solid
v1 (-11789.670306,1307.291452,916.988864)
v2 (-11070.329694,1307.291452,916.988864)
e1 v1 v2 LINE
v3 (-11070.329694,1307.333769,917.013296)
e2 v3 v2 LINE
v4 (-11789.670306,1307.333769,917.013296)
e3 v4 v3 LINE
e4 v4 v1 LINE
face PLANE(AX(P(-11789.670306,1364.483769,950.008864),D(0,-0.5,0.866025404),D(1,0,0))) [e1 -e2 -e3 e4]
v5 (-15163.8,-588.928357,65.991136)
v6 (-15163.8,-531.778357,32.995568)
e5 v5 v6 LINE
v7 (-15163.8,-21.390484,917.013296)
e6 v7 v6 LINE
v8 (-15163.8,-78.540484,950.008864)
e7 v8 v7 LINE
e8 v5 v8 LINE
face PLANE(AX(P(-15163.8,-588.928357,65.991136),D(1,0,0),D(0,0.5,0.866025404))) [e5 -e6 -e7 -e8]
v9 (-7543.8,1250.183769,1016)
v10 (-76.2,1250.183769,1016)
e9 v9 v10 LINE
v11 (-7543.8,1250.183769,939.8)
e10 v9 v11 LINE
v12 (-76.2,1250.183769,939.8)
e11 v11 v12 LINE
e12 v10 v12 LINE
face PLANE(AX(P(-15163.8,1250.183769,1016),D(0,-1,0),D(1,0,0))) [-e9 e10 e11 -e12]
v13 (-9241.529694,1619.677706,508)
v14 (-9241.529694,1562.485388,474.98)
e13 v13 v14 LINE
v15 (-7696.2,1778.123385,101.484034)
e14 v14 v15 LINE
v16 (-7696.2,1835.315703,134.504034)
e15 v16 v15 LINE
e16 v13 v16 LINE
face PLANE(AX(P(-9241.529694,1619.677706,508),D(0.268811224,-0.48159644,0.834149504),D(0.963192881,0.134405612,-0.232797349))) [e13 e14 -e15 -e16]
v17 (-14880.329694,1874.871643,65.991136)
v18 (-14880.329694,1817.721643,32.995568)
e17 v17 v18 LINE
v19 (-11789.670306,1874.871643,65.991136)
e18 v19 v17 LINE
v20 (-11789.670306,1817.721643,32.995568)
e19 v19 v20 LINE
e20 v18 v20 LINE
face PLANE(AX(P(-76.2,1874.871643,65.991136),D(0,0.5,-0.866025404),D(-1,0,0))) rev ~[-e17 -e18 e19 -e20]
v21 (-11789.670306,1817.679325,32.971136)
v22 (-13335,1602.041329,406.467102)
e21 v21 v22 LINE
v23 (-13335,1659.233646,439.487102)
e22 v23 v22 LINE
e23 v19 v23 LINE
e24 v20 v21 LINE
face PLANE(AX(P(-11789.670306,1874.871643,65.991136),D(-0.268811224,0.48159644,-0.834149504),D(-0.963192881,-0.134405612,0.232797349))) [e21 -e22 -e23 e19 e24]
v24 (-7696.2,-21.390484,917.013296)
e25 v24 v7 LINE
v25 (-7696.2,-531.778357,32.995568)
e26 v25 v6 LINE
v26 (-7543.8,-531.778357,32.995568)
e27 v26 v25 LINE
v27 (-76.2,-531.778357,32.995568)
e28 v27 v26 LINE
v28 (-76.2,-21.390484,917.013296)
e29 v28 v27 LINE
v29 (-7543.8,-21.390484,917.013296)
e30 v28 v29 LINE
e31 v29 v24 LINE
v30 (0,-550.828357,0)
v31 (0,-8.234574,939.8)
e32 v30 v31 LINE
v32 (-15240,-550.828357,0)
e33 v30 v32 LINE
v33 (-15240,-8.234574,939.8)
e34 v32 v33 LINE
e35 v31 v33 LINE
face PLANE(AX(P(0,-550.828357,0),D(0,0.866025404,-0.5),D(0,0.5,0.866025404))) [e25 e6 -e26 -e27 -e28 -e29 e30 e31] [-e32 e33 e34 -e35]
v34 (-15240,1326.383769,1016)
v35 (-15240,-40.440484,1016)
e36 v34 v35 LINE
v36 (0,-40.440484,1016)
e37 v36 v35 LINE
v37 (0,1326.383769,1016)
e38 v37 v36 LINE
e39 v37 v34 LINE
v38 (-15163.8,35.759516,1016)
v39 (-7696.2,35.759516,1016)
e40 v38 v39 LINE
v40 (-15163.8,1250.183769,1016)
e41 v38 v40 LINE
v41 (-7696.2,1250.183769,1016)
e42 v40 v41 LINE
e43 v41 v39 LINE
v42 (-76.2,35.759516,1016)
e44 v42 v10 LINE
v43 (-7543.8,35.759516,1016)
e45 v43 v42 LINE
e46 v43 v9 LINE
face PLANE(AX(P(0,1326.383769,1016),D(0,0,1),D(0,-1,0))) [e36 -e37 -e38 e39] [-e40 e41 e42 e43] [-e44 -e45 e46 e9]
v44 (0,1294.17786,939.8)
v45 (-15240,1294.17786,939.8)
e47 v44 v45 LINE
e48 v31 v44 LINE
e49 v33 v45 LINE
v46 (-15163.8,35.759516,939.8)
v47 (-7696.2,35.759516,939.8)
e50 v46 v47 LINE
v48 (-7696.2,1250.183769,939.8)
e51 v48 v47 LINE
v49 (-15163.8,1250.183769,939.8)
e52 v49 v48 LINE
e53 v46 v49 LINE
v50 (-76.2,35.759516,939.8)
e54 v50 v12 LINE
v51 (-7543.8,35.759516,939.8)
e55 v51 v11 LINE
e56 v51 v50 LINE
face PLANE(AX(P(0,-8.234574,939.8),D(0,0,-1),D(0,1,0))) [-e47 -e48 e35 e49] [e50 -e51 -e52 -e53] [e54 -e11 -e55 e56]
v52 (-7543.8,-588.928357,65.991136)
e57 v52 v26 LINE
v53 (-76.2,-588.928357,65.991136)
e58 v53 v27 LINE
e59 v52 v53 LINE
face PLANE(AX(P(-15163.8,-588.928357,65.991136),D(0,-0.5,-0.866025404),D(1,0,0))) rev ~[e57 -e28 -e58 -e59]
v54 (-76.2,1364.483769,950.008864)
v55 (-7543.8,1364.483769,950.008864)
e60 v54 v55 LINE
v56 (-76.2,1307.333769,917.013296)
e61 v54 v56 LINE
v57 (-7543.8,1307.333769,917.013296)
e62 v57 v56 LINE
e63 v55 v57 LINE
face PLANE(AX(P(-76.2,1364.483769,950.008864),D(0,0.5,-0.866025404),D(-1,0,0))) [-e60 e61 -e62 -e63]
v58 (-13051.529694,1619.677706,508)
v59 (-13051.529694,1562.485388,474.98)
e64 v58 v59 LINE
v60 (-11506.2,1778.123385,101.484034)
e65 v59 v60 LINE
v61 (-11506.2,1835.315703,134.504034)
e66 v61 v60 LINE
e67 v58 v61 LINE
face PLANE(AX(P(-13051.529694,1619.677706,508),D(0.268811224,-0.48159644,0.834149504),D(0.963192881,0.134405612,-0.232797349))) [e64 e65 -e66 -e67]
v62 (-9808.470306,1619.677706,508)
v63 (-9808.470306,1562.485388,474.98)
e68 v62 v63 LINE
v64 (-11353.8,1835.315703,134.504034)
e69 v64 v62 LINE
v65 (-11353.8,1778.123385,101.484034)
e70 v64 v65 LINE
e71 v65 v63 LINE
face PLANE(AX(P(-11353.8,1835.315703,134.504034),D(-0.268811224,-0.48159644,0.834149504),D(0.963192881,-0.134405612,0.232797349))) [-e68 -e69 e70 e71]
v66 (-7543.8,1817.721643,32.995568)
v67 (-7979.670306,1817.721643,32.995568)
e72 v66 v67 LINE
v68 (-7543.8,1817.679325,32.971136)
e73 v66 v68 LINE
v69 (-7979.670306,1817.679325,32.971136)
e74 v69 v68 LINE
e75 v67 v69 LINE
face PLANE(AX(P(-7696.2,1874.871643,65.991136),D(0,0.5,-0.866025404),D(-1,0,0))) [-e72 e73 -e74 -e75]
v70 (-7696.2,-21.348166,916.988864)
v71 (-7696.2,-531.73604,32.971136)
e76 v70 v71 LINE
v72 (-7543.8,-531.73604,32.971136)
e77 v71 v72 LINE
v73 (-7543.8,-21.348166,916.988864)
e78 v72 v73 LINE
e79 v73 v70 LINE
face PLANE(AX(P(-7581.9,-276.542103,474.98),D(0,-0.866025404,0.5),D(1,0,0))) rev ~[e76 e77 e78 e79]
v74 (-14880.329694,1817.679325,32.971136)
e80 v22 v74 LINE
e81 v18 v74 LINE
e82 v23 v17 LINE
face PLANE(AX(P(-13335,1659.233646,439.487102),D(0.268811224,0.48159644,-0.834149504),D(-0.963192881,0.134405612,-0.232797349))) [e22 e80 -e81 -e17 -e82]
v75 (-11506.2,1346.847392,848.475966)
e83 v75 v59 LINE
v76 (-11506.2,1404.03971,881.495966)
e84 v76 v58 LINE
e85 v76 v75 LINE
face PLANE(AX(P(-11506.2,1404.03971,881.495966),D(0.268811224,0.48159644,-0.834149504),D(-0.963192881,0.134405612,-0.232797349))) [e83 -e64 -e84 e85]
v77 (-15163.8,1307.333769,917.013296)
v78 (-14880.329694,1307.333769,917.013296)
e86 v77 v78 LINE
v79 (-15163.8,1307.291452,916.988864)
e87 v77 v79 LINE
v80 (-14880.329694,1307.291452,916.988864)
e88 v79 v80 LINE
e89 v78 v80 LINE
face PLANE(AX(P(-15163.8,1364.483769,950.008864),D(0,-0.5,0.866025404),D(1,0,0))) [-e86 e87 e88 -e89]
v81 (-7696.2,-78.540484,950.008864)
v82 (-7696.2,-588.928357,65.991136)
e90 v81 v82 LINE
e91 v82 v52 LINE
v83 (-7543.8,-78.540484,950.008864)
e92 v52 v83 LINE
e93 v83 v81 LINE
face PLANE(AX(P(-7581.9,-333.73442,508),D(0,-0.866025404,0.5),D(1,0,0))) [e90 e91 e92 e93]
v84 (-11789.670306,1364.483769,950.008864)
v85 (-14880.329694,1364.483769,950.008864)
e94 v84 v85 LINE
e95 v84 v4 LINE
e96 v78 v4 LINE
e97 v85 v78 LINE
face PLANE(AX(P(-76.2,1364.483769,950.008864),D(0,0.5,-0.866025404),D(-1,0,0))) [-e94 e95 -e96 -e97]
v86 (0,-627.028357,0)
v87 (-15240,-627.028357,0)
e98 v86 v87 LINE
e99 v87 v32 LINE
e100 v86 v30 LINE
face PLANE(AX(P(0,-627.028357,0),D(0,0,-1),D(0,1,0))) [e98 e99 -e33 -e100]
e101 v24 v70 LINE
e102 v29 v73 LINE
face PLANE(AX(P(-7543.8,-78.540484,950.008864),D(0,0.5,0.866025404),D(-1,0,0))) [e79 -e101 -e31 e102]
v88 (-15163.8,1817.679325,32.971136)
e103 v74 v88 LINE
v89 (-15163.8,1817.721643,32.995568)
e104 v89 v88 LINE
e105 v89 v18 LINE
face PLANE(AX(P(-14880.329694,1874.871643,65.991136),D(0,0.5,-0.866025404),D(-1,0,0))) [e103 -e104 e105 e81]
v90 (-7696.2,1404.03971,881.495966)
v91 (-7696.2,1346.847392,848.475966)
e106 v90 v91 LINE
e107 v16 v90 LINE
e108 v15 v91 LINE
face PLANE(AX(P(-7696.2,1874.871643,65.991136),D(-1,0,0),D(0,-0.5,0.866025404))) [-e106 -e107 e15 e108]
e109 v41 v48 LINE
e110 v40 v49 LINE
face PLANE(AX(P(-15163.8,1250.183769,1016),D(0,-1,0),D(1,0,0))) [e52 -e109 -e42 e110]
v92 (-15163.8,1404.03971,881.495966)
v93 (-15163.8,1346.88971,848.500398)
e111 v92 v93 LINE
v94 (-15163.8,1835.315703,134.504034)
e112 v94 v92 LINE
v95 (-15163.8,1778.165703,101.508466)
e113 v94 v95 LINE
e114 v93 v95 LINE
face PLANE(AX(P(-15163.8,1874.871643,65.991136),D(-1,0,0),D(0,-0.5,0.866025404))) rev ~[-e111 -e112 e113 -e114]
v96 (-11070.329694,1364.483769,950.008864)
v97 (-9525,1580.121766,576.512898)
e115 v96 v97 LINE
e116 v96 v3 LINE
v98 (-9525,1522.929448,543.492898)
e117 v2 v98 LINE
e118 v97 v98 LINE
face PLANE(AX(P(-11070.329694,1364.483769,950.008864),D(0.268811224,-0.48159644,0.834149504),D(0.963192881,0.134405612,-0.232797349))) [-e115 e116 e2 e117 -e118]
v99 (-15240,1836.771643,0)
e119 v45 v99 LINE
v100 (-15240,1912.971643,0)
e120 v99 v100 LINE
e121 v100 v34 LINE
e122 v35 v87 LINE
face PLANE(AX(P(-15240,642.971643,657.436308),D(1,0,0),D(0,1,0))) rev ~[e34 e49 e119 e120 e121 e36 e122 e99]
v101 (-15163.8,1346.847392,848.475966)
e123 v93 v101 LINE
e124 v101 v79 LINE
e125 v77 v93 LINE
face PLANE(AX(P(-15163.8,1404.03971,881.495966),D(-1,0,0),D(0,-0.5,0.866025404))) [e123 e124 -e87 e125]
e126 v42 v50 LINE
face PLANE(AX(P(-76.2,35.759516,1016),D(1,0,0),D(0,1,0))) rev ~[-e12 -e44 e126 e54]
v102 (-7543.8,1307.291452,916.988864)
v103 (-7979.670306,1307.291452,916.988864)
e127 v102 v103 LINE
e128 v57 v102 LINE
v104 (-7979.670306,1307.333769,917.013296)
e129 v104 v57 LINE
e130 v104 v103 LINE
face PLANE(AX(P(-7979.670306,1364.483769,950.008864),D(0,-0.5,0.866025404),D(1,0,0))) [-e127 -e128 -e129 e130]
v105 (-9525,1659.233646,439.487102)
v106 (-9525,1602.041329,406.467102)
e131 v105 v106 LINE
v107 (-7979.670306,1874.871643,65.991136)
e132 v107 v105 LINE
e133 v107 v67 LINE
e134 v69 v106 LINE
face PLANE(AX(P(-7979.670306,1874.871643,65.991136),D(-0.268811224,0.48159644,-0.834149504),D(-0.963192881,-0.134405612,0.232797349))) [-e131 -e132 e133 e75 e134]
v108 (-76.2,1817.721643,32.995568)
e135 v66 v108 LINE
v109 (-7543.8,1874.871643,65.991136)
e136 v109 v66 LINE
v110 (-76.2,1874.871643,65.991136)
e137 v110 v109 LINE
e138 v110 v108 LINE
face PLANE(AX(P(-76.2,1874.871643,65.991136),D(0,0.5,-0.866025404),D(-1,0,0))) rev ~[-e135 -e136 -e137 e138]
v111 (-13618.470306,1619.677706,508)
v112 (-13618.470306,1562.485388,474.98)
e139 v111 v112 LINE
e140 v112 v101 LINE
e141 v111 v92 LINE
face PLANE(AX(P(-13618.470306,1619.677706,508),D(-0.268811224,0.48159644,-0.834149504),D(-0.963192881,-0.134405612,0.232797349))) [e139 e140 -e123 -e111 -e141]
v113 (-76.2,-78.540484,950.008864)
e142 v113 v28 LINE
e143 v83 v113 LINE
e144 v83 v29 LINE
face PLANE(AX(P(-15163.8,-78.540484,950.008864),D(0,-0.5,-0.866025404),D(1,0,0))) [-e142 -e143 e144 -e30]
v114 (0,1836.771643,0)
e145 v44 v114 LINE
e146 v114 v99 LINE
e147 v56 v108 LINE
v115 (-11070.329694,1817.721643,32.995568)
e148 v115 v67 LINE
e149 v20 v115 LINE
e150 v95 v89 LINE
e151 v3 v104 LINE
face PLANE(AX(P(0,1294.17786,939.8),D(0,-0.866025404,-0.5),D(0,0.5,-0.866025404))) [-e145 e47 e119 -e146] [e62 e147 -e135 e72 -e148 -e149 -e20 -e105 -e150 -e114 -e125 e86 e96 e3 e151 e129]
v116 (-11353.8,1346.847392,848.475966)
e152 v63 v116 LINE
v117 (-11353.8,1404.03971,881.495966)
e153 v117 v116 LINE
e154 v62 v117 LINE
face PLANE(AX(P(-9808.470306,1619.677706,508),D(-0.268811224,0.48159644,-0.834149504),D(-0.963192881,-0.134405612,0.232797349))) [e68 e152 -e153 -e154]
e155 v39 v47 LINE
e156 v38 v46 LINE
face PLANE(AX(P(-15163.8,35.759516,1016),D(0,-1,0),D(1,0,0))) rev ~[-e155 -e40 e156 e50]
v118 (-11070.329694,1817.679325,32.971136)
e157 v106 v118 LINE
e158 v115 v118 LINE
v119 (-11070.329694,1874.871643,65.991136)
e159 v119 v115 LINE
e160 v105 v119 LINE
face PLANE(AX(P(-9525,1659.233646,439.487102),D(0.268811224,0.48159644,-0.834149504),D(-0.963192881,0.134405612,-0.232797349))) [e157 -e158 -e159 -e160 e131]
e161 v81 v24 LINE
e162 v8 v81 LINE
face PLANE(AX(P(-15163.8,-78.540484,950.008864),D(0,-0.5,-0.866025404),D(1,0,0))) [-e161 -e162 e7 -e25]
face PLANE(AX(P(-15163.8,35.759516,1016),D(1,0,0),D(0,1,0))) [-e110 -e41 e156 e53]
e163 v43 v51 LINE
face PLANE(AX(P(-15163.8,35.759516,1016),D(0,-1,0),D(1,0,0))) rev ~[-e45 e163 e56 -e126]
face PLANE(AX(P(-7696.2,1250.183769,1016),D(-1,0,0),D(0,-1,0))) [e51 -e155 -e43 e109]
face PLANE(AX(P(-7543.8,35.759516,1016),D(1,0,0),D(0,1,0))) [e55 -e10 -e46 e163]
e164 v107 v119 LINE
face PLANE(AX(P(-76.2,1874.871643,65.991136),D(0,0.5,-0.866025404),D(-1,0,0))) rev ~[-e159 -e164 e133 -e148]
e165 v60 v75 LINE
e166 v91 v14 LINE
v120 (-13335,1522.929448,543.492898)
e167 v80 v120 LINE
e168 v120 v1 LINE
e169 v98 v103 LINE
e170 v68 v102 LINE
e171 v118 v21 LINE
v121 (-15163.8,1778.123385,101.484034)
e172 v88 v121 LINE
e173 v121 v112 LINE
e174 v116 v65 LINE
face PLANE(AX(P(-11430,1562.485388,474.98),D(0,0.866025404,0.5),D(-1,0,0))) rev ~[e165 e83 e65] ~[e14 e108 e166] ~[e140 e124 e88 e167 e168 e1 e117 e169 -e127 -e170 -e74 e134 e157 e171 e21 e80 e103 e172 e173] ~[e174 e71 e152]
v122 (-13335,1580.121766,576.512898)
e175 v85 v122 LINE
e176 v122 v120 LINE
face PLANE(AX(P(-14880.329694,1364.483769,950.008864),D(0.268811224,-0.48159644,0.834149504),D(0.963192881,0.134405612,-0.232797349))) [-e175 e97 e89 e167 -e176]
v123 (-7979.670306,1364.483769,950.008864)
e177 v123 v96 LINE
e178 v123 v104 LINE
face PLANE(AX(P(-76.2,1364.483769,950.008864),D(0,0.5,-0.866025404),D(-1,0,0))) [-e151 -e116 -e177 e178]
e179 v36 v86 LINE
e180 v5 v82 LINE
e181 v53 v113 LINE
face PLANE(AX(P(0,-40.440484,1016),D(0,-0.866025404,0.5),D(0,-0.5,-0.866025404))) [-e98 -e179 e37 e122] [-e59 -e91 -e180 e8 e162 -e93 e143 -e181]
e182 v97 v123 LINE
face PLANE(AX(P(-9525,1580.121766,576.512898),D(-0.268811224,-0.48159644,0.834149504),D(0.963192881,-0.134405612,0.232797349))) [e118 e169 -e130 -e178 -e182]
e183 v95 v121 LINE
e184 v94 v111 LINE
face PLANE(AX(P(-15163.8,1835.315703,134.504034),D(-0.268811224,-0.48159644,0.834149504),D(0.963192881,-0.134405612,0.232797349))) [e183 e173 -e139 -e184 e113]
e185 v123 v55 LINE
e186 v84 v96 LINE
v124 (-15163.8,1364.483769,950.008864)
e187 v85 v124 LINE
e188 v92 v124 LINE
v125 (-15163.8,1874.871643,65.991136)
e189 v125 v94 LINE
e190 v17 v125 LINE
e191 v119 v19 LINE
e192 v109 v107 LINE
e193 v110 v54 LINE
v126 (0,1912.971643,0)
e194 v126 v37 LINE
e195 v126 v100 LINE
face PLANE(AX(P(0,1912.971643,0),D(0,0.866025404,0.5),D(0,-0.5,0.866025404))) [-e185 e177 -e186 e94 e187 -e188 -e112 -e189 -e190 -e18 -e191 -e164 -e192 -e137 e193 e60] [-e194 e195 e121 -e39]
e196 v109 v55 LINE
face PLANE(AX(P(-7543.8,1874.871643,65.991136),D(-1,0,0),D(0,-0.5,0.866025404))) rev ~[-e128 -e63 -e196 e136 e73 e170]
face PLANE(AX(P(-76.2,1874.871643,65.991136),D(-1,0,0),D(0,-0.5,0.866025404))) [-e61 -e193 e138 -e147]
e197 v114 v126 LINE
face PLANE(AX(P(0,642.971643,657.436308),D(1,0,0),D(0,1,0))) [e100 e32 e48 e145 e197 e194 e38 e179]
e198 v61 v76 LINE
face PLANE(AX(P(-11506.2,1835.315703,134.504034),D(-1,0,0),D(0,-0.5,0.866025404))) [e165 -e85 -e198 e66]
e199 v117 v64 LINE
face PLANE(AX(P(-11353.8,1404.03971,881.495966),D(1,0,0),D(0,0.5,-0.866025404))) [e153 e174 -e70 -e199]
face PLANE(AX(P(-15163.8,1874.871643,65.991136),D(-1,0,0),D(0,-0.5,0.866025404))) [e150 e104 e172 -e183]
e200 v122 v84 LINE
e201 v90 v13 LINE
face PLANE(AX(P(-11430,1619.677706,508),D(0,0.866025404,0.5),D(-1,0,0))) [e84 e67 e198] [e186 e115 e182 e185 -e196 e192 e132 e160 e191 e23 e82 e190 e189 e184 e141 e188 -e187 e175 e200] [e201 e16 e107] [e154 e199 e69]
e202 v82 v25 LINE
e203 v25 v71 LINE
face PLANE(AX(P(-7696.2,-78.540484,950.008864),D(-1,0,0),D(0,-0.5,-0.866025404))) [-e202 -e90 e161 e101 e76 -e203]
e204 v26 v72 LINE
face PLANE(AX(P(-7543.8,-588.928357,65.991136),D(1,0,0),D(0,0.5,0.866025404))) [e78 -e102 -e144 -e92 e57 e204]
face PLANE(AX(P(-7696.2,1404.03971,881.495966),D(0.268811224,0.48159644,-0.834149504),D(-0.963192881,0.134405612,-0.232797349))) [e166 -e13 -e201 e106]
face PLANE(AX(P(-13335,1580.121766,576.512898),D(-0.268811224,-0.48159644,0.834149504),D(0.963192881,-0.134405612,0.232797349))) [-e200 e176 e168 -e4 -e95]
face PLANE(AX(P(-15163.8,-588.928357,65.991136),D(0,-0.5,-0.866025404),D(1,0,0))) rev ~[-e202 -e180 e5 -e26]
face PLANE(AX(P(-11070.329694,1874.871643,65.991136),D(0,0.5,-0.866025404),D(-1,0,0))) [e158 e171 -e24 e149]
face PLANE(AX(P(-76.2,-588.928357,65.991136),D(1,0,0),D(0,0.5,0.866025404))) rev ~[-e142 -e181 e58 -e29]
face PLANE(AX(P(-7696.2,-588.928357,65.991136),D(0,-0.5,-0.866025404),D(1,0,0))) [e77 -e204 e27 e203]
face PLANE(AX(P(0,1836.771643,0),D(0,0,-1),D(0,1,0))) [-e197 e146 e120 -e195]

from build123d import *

# Parameters (mm, degrees)
F1_DEPTH  = 15240
F2_W      = 15087.6
F2_H      = 1020.7757469933
F3_DEPTH  = 76.2
F4_W      = 15087.6
F4_H      = 1214.4242530067
F5_DEPTH  = 76.2
F6_W      = 15087.6
F6_H      = 1020.7757469933
F7_DEPTH  = 76.2
F9_DEPTH  = 66.04
F10_W     = 76.2
F10_H     = 1020.7757469933
F11_DEPTH = 66.04
F13_DEPTH = 76.2
F15_DEPTH = 66.04


with BuildPart() as f1:
    # F0 (on Right) → F1 (new body)
    with BuildSketch(Plane.YZ):
        Polygon((-40.4404837035, 1016), (-627.0283572002, 0), (-550.8283572002, 0), (-8.2345742158, 939.8), (1294.1778598154, 939.8), (1836.7716427998, 0), (1912.9716427998, 0), (1326.3837693031, 1016), align=None)
    extrude(amount=-F1_DEPTH)

    # F2 (on face) → F3 (cut)
    with BuildSketch(Plane(origin=(0, -470.2712679001, 271.5112431143), x_dir=(1, 0, 0), z_dir=(0, -0.8660254038, 0.5))):
        with Locations((-7620, 273.0736948966)):
            Rectangle(F2_W, F2_H)
    extrude(amount=-F3_DEPTH, mode=Mode.SUBTRACT)

    # F4 (on face) → F5 (cut)
    with BuildSketch(Plane.XY.offset(1016)):
        with Locations((-7620, 642.9716427998)):
            Rectangle(F4_W, F4_H)
    extrude(amount=-F5_DEPTH, mode=Mode.SUBTRACT)

    # F6 (on face) → F7 (cut)
    with BuildSketch(Plane(origin=(0, 1434.7287320999, 828.3410196919), x_dir=(-1, 0, 0), z_dir=(0, 0.8660254038, 0.5))):
        with Locations((7620, -369.8979479032)):
            Rectangle(F6_W, F6_H)
    extrude(amount=-F7_DEPTH, mode=Mode.SUBTRACT)

    # F8 (on face) → F9 (join)
    with BuildSketch(Plane(origin=(0, -470.2712679001, 271.5112431143), x_dir=(1, 0, 0), z_dir=(0, -0.8660254038, 0.5))):
        Polygon((-7543.8, 783.4615683932), (-7620, 783.4615683932), (-7620, 228.8013398647), (-7620, -237.3141786001), (-7543.8, -237.3141786001), align=None)
        Polygon((-7620, 228.8013398647), (-7620, 783.4615683932), (-7696.2, 783.4615683932), (-7696.2, -237.3141786001), (-7620, -237.3141786001), align=None)
    extrude(amount=-F9_DEPTH)

    # F10 (on face) → F11 (join)
    with BuildSketch(Plane(origin=(0, 1434.7287320999, 828.3410196919), x_dir=(-1, 0, 0), z_dir=(0, 0.8660254038, 0.5))):
        with Locations((7658.1, -369.8979479032)):
            Rectangle(F10_W, F10_H)
        with Locations((7581.9, -369.8979479032)):
            Rectangle(F10_W, F10_H)
    extrude(amount=-F11_DEPTH)

    # F12 (on face) → F13 (join)
    with BuildSketch(Plane.XY.offset(1016)):
        Polygon((-7543.8, 1250.1837693031), (-7620, 1250.1837693031), (-7696.2, 1250.1837693031), (-7696.2, 35.7595162965), (-7543.8, 35.7595162965), align=None)
    extrude(amount=-F13_DEPTH)

    # F14 (on face) → F15 (join)
    with BuildSketch(Plane(origin=(0, 1434.7287320999, 828.3410196919), x_dir=(-1, 0, 0), z_dir=(0, 0.8660254038, 0.5))):
        Polygon((11353.8, 140.4899255934), (11070.3296936126, 140.4899255934), (9525, -290.7860675027), (7979.6703063874, 140.4899255934), (7696.2, 140.4899255934), (7696.2, 61.3780451929), (9241.5296936126, -369.8979479032), (7696.2, -801.1739409994), (7696.2, -880.2858213999), (7979.6703063874, -880.2858213999), (9525, -449.0098283038), (11070.3296936126, -880.2858213999), (11353.8, -880.2858213999), (11506.2, -880.2858213999), (11789.6703063874, -880.2858213999), (13335, -449.0098283038), (14880.3296936126, -880.2858213999), (15163.8, -880.2858213999), (15163.8, -801.1739409994), (13618.4703063874, -369.8979479032), (15163.8, 61.3780451929), (15163.8, 140.4899255934), (14880.3296936127, 140.4899255934), (13335, -290.7860675027), (11789.6703063873, 140.4899255934), (11506.2, 140.4899255934), align=None)
        Polygon((9808.4703063874, -369.8979479032), (11353.8, 61.3780451929), (11353.8, -801.1739409994), align=None, mode=Mode.SUBTRACT)
        Polygon((11506.2, -801.1739409994), (11506.2, 61.3780451929), (13051.5296936127, -369.8979479032), align=None, mode=Mode.SUBTRACT)
    extrude(amount=-F15_DEPTH)


solid = f1.part
